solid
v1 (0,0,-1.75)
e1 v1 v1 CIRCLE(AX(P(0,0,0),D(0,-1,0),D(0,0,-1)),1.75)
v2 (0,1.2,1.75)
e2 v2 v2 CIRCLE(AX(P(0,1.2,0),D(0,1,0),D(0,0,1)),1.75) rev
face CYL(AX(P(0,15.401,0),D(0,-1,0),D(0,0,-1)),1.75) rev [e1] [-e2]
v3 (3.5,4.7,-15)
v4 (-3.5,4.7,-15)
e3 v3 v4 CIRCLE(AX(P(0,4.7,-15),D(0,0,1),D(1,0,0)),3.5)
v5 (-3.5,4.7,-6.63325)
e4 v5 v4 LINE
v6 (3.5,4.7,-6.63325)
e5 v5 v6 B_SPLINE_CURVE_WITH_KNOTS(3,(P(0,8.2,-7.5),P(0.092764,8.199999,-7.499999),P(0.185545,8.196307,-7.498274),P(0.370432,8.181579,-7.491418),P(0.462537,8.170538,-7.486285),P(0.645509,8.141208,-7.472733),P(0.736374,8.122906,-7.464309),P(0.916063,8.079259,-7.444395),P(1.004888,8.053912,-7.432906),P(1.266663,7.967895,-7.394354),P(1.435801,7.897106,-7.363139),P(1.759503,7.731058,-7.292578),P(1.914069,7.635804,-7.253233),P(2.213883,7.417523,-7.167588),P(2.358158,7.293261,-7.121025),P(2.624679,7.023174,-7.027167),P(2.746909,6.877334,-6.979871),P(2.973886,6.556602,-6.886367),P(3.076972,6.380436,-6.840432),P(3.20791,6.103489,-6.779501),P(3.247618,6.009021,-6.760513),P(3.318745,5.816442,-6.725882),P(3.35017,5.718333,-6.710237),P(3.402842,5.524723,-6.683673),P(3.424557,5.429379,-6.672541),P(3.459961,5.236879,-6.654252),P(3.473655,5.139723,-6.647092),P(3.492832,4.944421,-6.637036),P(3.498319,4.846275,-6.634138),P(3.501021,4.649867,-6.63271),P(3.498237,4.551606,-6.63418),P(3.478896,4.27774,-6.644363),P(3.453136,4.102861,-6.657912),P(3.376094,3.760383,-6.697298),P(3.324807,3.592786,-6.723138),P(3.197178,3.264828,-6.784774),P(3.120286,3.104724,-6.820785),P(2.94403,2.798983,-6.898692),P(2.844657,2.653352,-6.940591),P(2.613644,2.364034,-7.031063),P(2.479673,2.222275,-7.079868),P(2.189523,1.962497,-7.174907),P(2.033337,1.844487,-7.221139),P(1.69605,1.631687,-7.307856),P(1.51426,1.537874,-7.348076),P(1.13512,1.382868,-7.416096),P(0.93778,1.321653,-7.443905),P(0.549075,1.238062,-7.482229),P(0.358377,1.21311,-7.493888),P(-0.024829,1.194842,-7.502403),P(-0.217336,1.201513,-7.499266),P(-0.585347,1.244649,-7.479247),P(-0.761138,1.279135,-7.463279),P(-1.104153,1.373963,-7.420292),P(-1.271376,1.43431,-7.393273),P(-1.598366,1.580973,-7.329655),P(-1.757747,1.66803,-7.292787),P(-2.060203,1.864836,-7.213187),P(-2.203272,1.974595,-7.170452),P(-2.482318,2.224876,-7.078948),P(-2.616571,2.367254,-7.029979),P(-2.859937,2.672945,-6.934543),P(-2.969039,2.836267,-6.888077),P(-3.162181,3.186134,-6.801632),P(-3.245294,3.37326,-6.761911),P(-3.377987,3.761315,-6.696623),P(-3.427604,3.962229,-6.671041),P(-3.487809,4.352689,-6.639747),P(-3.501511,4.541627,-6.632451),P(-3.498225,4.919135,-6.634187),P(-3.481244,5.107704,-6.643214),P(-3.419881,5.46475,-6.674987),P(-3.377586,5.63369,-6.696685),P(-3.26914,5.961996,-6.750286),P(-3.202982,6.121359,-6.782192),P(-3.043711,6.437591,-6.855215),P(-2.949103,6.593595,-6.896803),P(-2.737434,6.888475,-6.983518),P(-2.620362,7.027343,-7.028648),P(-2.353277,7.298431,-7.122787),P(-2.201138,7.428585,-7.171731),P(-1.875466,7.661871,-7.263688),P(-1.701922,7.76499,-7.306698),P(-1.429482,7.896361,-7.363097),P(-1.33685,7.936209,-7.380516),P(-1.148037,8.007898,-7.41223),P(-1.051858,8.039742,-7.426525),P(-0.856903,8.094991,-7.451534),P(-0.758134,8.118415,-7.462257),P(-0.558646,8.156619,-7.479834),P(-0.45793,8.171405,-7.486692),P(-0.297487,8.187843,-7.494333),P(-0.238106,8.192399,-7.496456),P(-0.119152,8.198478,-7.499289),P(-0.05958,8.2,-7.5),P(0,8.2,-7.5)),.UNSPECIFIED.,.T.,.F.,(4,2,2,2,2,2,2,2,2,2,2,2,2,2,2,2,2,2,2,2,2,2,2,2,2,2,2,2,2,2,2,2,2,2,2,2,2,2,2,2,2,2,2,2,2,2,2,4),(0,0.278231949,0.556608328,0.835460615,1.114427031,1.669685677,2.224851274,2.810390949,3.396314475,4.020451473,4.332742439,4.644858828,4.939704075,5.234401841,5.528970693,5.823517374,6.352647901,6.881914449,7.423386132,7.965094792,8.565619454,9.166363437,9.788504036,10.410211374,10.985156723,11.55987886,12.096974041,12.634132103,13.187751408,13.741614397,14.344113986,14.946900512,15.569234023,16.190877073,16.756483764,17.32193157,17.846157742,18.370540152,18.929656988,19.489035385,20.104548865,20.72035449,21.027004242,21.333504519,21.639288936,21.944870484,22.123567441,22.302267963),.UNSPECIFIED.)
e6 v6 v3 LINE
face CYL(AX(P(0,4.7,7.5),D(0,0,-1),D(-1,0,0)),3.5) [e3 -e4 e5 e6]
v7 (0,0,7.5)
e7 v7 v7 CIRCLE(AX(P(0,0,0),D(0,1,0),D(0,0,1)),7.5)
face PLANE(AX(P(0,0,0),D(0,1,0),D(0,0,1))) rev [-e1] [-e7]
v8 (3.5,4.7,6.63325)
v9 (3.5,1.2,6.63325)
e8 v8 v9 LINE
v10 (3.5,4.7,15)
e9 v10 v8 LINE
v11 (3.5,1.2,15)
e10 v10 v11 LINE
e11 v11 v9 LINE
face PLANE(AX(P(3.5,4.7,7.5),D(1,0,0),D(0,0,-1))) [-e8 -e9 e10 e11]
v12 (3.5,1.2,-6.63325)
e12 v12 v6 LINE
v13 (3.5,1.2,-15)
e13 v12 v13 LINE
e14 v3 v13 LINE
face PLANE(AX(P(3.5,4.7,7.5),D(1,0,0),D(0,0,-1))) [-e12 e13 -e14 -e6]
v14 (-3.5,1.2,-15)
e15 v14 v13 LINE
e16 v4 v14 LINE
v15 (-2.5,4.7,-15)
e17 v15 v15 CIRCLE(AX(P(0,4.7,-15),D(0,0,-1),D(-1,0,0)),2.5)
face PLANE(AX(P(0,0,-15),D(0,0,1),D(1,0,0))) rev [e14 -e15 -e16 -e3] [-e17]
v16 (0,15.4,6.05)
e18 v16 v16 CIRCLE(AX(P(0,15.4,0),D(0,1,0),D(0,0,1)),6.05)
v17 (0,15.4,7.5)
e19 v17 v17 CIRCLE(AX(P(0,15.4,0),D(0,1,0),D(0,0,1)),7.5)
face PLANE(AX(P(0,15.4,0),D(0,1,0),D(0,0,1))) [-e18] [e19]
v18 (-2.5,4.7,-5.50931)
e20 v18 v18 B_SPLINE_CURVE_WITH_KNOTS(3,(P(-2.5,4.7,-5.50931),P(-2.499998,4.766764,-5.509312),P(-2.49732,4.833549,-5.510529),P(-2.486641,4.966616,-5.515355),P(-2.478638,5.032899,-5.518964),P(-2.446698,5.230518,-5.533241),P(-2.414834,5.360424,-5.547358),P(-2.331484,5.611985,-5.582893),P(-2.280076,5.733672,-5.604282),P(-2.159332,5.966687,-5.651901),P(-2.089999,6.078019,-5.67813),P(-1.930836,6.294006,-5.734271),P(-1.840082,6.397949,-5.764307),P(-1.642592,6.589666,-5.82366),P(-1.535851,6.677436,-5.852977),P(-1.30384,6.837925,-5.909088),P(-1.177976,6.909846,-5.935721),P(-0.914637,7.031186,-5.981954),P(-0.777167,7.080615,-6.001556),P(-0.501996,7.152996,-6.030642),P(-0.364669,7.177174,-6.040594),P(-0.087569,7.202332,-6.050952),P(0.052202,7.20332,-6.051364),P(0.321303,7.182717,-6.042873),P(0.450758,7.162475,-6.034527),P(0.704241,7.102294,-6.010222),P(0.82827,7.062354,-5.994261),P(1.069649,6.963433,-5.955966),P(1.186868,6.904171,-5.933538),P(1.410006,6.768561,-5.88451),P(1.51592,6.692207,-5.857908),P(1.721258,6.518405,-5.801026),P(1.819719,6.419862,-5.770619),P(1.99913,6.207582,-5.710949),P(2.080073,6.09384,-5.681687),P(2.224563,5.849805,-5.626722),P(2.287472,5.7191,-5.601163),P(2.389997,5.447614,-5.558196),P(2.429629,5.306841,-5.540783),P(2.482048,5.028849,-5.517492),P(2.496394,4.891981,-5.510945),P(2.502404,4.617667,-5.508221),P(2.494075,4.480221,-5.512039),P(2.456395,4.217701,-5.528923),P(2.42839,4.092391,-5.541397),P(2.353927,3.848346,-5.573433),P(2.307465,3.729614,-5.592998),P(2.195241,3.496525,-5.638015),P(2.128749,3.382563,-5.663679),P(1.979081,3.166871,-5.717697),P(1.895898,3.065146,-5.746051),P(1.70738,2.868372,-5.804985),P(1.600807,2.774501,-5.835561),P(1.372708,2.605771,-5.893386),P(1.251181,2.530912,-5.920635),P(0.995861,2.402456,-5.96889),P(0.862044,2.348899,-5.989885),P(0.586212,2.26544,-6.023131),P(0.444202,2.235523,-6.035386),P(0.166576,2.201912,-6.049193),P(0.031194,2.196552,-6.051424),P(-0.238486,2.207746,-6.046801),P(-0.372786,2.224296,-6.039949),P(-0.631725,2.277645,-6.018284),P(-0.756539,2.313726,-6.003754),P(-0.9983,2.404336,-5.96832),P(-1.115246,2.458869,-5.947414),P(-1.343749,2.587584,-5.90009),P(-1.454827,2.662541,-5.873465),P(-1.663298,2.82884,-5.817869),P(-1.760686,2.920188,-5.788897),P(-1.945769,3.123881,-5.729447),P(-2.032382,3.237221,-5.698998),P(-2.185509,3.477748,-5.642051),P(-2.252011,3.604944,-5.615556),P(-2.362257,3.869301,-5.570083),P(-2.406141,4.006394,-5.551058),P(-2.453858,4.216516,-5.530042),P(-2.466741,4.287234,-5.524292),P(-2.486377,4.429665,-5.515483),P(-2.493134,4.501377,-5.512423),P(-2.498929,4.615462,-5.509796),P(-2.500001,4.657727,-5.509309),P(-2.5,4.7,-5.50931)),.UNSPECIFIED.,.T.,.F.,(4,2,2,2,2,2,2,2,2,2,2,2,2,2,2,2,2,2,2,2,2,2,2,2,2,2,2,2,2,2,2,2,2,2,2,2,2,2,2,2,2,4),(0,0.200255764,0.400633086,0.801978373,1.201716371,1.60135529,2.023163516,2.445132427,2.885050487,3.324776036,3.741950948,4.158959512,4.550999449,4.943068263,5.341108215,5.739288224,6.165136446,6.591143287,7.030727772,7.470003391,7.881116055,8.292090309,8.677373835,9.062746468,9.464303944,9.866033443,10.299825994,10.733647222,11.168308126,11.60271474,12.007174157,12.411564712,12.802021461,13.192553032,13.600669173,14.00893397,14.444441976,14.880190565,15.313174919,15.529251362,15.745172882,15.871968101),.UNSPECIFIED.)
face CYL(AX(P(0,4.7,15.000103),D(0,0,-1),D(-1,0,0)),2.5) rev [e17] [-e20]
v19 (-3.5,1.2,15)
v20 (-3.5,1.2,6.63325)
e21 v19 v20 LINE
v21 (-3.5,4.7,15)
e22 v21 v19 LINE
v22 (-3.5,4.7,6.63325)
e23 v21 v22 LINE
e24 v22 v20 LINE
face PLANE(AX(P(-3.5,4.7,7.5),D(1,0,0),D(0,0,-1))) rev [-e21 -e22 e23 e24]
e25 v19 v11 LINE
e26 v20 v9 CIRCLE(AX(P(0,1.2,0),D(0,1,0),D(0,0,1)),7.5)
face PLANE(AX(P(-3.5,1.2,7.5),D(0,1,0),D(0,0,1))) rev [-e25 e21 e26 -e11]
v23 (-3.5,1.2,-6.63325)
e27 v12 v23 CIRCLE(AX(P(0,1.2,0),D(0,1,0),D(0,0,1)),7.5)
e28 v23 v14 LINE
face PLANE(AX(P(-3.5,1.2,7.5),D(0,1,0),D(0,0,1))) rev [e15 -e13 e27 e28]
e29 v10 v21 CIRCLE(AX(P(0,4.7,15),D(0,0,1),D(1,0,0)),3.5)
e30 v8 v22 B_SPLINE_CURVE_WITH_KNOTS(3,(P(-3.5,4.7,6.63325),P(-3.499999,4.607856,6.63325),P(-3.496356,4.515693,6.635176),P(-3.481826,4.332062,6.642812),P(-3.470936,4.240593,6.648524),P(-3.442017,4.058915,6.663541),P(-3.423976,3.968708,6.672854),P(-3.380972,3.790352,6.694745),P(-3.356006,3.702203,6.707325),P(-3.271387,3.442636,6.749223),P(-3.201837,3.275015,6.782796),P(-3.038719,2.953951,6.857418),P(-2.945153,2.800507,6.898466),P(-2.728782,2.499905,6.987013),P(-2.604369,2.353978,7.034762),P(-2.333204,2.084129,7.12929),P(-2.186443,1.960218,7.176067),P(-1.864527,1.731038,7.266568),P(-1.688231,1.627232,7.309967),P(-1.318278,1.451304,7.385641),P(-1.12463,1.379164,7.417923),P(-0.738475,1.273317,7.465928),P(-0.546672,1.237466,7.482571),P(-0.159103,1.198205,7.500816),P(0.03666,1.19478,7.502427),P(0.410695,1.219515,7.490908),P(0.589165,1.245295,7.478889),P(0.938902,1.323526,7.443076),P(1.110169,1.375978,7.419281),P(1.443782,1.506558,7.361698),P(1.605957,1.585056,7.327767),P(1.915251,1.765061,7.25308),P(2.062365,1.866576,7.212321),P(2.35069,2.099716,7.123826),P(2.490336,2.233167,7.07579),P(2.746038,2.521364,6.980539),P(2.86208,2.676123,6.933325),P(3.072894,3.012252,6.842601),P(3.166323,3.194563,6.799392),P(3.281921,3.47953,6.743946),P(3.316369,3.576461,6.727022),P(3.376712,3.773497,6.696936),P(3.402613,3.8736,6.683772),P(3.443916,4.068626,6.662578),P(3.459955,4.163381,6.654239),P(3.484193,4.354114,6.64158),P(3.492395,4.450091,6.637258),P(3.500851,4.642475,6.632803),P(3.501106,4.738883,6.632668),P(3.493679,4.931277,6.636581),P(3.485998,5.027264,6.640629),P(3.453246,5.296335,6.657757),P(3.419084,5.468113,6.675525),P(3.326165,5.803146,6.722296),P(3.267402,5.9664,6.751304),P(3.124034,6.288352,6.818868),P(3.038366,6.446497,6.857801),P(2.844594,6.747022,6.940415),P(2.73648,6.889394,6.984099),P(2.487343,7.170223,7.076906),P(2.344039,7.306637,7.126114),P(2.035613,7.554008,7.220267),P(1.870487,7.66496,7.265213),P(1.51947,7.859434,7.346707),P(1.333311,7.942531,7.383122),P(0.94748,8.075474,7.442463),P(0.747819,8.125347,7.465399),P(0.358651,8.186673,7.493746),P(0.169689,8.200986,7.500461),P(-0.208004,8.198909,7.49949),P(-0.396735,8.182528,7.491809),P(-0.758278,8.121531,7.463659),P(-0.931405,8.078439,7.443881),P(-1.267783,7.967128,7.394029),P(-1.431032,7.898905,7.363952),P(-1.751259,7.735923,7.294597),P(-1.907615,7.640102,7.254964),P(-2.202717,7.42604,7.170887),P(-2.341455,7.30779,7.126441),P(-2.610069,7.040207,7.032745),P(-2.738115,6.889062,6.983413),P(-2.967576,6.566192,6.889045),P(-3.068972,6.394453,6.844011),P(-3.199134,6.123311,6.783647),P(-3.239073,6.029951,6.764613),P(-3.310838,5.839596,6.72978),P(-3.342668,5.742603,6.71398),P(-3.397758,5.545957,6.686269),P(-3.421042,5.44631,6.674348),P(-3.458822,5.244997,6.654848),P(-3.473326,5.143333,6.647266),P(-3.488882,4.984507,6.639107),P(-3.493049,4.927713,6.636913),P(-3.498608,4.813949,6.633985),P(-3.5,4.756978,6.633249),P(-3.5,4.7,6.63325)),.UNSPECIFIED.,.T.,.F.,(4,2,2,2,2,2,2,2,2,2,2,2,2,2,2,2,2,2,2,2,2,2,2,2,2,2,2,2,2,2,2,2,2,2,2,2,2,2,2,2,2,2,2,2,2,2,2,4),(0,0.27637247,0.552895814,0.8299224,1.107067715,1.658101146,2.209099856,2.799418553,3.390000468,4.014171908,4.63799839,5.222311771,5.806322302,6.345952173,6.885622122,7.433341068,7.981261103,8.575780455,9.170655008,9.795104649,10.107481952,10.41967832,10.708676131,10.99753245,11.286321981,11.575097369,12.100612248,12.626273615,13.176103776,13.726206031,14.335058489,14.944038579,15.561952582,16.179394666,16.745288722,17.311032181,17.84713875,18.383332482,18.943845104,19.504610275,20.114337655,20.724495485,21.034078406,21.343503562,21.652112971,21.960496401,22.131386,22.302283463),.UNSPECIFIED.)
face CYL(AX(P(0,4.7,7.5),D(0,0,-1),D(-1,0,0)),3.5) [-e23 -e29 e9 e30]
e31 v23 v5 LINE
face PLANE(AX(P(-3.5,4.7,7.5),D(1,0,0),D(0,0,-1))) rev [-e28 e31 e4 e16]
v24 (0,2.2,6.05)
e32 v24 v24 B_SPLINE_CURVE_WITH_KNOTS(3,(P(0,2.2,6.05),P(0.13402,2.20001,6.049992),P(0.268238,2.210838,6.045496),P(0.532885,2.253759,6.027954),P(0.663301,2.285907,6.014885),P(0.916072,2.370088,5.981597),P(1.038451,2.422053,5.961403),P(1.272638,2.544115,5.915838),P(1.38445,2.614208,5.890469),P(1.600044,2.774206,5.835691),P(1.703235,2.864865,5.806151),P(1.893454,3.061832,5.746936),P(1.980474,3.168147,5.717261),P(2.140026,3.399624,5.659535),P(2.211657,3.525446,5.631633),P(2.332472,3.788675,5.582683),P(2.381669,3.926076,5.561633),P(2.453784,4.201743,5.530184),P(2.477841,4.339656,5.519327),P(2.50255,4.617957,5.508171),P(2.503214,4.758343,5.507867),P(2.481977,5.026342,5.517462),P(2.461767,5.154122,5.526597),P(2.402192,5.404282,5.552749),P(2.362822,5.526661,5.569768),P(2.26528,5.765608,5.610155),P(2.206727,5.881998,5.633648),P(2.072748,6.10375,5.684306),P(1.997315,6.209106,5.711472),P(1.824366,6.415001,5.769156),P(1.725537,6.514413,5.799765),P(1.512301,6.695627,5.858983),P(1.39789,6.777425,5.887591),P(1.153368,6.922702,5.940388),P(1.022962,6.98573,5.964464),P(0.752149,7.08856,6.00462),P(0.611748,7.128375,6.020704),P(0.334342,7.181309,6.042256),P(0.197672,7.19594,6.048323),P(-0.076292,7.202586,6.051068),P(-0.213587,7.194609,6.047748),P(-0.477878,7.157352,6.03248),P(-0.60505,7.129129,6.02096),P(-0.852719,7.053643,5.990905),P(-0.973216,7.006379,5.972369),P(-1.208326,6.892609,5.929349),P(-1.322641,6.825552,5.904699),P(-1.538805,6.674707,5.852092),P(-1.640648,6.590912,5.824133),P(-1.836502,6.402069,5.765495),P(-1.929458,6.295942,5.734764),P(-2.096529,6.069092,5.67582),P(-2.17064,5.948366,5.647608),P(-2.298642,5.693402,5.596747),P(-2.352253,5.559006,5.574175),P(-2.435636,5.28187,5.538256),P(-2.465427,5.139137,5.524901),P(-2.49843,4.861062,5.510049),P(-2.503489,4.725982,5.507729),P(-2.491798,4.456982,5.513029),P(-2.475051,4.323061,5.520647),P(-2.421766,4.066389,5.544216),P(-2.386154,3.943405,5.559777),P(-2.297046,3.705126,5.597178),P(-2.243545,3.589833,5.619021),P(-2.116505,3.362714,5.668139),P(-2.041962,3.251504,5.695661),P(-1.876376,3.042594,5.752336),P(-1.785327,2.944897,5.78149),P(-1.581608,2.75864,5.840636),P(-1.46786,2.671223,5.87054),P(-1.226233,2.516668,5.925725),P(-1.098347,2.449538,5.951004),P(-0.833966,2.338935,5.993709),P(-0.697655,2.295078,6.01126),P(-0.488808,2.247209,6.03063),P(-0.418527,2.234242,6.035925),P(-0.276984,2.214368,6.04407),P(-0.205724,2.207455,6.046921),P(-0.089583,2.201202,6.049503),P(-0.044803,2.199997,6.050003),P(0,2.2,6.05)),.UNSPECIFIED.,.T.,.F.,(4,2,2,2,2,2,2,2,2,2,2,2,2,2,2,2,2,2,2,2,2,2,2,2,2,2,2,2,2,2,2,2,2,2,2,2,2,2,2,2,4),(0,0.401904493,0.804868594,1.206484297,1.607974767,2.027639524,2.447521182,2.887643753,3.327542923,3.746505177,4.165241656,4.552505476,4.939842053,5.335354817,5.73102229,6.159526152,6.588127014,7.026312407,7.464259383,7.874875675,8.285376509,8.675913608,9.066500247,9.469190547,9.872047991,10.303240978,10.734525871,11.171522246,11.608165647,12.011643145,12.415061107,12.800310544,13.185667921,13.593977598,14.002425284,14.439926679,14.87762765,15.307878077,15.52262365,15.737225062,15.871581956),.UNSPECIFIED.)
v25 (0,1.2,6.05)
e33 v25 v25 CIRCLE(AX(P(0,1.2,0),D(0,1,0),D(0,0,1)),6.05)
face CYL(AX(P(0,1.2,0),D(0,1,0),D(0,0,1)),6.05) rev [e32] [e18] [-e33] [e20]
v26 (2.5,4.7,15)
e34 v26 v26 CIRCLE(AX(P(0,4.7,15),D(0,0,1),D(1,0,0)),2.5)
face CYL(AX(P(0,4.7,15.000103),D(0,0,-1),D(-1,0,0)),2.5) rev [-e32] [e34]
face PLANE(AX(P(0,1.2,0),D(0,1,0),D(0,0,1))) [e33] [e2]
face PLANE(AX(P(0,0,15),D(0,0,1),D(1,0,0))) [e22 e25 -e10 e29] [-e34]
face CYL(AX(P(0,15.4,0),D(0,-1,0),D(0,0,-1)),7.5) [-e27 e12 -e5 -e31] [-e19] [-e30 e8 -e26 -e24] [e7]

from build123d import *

# Parameters (mm, degrees)
SKETCH1_R             = 7.5
BASE_CYLINDER_DEPTH   = 15.4
LED_HOLDER_DEPTH      = 7.5
LED_HOLDER_DEPTH_BACK = 22.5
F_3DSKETCH2_R         = 3.5
SKETCH2_R             = 6.05
CUT_EXTRUDE1_DEPTH    = 14.2
CUT_EXTRUDE2_REACH    = 24.769
SKETCH3_R             = 1.75
SKETCH4_R             = 2.5
CUT_EXTRUDE3_DEPTH    = 35.545766898


with BuildPart() as part:
    # Sketch1 → base-cylinder (new body)
    with BuildSketch(Plane(origin=(0, 0, 0), x_dir=(1, 0, 0), z_dir=(0, 1, 0))):
        with Locations(Location((0, 0, 0), (0, 0, 90))):
            Circle(SKETCH1_R)
    extrude(amount=BASE_CYLINDER_DEPTH)

    # 3DSketch2 → led-holder (add, two sides: drawn at the far end of the back side and taken through both)
    with BuildSketch(Plane(origin=(-3.5, 4.7, 7.5), x_dir=(0.894427190999916, -0.44721359549995804, 0), z_dir=(0, 0, 1)).offset(-LED_HOLDER_DEPTH_BACK)):
        with Locations((3.130495168, 1.565247584)):
            Circle(F_3DSKETCH2_R)
        Polygon((0, 0), (6.260990337, 3.130495168), (7.826237921, 0), (1.565247584, -3.130495168), align=None)
    extrude(amount=LED_HOLDER_DEPTH + LED_HOLDER_DEPTH_BACK)

    # Sketch2 → Cut-Extrude1 (cut)
    with BuildSketch(Plane(origin=(0, 15.4, 0), x_dir=(1, 0, 0), z_dir=(0, 1, 0))):
        with Locations(Location((0, 0, 0), (0, 0, 270))):
            Circle(SKETCH2_R)
    extrude(amount=-CUT_EXTRUDE1_DEPTH, mode=Mode.SUBTRACT)

    # Sketch3 → Cut-Extrude2 (cut, up to next)
    with BuildSketch(Plane.XZ, mode=Mode.PRIVATE) as cut_extrude2_sk1:
        with Locations(Location((0, 0, 0), (0, 0, 270))):
            Circle(SKETCH3_R)
    cut_extrude2_tool1 = extrude(cut_extrude2_sk1.sketch, amount=-CUT_EXTRUDE2_REACH, mode=Mode.PRIVATE) & part.part
    add(cut_extrude2_tool1.solids().sort_by_distance((0, 0, 0))[0], mode=Mode.SUBTRACT)

    # Sketch4 → Cut-Extrude3 (cut, through all)
    with BuildSketch(Plane(origin=(0, 0, -15), x_dir=(-1, 0, 0), z_dir=(0, 0, -1))):
        with Locations((0, 4.7)):
            Circle(SKETCH4_R)
    extrude(amount=-CUT_EXTRUDE3_DEPTH, mode=Mode.SUBTRACT)


solid = part.part
